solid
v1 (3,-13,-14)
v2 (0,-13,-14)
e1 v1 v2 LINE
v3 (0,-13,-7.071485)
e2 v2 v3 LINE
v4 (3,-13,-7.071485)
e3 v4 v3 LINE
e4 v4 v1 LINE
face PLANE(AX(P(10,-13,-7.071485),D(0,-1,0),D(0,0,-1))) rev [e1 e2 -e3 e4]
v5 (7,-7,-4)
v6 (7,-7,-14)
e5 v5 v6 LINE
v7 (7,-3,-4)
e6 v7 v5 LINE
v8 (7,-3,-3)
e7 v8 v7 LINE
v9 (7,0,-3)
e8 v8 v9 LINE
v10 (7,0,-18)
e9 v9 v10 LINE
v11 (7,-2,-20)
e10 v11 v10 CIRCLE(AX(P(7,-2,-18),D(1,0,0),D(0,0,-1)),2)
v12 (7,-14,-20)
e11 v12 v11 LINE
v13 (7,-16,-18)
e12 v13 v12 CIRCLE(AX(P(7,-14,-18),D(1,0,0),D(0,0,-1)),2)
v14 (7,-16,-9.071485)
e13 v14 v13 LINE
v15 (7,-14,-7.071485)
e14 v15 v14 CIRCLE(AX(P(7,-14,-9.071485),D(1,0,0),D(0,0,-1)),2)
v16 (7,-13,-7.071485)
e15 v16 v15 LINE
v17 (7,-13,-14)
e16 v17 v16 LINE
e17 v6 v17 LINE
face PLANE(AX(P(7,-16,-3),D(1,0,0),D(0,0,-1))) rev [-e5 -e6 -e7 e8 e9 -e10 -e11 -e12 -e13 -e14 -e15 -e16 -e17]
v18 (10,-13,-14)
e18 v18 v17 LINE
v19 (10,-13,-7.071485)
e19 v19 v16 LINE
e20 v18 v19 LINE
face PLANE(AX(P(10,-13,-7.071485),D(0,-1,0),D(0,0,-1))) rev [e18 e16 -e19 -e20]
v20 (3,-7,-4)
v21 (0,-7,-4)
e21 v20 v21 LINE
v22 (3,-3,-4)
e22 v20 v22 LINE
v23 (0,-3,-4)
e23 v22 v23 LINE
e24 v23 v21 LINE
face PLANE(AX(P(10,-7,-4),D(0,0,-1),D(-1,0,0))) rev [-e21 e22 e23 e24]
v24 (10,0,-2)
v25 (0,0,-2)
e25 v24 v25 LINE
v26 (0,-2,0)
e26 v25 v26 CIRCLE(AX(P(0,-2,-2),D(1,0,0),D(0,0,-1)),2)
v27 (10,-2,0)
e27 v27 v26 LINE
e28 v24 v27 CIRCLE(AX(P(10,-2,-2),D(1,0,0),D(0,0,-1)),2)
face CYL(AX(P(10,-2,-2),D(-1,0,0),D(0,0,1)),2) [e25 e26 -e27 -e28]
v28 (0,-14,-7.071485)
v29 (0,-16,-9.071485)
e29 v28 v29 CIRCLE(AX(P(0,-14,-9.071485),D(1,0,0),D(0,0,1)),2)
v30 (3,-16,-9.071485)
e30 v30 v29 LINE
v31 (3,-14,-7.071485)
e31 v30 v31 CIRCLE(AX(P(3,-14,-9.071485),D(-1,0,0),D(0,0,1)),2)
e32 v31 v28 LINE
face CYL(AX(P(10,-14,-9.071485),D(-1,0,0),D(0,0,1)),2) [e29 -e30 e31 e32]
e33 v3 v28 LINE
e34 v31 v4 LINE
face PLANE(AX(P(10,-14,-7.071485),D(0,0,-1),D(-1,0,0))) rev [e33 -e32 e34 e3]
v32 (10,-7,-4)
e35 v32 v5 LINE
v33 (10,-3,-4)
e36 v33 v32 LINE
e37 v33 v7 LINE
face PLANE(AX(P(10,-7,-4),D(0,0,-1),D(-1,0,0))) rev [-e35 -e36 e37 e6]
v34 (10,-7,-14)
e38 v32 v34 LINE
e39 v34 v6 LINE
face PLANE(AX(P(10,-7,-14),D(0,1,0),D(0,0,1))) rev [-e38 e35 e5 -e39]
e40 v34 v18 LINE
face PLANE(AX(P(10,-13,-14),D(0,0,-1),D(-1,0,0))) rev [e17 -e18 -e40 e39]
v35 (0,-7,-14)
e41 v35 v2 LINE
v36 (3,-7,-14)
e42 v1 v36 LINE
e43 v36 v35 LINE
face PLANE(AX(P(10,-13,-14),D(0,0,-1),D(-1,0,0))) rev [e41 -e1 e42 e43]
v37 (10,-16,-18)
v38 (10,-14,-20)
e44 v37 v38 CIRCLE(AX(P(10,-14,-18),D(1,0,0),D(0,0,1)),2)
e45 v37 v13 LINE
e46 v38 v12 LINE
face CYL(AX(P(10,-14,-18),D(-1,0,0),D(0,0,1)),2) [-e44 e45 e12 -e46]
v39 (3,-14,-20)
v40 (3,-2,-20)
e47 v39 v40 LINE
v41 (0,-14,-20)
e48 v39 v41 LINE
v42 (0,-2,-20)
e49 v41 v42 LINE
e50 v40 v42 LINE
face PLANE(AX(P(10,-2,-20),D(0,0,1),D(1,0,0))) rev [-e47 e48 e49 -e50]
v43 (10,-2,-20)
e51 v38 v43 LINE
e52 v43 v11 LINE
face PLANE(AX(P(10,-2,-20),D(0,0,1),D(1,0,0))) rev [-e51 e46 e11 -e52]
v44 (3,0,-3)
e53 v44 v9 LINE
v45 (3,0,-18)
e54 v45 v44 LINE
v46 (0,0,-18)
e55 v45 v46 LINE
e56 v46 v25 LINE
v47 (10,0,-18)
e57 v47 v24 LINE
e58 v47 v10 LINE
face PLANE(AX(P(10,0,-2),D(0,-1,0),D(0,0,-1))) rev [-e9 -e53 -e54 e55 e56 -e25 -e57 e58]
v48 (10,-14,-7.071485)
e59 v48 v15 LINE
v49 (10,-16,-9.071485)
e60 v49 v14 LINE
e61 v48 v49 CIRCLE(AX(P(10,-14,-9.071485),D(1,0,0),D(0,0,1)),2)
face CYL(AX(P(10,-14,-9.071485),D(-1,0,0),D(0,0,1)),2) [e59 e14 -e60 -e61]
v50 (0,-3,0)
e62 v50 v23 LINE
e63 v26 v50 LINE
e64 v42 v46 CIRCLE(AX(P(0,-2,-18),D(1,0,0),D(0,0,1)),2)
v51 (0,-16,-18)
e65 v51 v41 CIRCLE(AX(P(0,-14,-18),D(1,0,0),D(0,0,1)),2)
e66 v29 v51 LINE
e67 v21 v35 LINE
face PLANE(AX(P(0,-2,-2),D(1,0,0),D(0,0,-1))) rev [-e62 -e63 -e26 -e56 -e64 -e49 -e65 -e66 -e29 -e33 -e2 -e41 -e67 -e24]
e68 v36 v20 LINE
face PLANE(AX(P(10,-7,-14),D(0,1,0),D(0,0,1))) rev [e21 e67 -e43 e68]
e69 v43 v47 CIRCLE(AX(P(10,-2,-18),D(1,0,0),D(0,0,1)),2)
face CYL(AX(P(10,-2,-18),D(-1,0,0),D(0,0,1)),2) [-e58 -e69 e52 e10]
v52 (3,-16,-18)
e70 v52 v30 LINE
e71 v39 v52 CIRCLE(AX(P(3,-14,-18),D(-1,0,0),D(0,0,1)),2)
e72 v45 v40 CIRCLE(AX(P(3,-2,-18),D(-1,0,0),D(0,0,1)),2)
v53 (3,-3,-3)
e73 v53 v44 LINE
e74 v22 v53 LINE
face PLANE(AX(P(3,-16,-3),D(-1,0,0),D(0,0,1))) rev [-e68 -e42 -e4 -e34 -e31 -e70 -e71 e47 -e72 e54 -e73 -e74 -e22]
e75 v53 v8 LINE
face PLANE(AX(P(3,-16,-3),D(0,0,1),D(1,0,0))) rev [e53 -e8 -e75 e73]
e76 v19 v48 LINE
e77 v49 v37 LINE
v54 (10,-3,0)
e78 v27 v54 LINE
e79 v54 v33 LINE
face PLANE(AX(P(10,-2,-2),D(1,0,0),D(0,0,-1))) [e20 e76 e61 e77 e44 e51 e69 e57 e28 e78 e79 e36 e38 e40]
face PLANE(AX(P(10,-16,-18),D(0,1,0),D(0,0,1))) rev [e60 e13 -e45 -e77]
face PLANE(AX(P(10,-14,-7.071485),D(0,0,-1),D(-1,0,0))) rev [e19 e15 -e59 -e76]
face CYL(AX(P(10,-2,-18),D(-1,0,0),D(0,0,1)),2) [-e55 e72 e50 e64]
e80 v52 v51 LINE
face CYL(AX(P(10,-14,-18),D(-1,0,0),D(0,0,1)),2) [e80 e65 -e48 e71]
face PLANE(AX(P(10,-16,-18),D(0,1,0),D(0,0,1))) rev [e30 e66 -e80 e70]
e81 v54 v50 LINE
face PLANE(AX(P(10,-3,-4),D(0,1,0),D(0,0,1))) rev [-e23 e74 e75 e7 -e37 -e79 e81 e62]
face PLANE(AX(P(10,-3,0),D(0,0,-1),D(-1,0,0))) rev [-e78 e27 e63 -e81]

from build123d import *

# Parameters (mm, degrees)
EXTRUDE_1_DEPTH     = 10
SKETCH_2_W          = 4
SKETCH_2_H          = 17
CUT_EXTRUDE_1_DEPTH = 28.49545417


with BuildPart() as part:
    # 草图1 → 凸台-拉伸1 (new body)
    with BuildSketch(Plane(origin=(0, 0, 0), x_dir=(0, 0, -1), z_dir=(1, 0, 0))):
        with BuildLine():
            Line((2, 0), (18, 0))
            ThreePointArc((18, 0), (19.414213562, -0.585786438), (20, -2))
            Line((20, -2), (20, -14))
            ThreePointArc((20, -14), (19.414213562, -15.414213562), (18, -16))
            Line((18, -16), (9.071485189, -16))
            ThreePointArc((9.071485189, -16), (7.657271627, -15.414213562), (7.071485189, -14))
            Line((7.071485189, -14), (7.071485189, -13))
            Line((7.071485189, -13), (14, -13))
            Line((14, -13), (14, -7))
            Line((14, -7), (4, -7))
            Line((4, -7), (4, -3))
            Line((4, -3), (0, -3))
            Line((0, -3), (0, -2))
            ThreePointArc((0, -2), (0.585786438, -0.585786438), (2, 0))
        make_face()
    extrude(amount=EXTRUDE_1_DEPTH)

    # 草图2 → 切除-拉伸1 (cut, through all)
    with BuildSketch(Plane(origin=(0, 0, 0), x_dir=(1, 0, 0), z_dir=(0, 1, 0))):
        with Locations((5, 11.5)):
            Rectangle(SKETCH_2_W, SKETCH_2_H)
    extrude(amount=-CUT_EXTRUDE_1_DEPTH, mode=Mode.SUBTRACT)


solid = part.part
